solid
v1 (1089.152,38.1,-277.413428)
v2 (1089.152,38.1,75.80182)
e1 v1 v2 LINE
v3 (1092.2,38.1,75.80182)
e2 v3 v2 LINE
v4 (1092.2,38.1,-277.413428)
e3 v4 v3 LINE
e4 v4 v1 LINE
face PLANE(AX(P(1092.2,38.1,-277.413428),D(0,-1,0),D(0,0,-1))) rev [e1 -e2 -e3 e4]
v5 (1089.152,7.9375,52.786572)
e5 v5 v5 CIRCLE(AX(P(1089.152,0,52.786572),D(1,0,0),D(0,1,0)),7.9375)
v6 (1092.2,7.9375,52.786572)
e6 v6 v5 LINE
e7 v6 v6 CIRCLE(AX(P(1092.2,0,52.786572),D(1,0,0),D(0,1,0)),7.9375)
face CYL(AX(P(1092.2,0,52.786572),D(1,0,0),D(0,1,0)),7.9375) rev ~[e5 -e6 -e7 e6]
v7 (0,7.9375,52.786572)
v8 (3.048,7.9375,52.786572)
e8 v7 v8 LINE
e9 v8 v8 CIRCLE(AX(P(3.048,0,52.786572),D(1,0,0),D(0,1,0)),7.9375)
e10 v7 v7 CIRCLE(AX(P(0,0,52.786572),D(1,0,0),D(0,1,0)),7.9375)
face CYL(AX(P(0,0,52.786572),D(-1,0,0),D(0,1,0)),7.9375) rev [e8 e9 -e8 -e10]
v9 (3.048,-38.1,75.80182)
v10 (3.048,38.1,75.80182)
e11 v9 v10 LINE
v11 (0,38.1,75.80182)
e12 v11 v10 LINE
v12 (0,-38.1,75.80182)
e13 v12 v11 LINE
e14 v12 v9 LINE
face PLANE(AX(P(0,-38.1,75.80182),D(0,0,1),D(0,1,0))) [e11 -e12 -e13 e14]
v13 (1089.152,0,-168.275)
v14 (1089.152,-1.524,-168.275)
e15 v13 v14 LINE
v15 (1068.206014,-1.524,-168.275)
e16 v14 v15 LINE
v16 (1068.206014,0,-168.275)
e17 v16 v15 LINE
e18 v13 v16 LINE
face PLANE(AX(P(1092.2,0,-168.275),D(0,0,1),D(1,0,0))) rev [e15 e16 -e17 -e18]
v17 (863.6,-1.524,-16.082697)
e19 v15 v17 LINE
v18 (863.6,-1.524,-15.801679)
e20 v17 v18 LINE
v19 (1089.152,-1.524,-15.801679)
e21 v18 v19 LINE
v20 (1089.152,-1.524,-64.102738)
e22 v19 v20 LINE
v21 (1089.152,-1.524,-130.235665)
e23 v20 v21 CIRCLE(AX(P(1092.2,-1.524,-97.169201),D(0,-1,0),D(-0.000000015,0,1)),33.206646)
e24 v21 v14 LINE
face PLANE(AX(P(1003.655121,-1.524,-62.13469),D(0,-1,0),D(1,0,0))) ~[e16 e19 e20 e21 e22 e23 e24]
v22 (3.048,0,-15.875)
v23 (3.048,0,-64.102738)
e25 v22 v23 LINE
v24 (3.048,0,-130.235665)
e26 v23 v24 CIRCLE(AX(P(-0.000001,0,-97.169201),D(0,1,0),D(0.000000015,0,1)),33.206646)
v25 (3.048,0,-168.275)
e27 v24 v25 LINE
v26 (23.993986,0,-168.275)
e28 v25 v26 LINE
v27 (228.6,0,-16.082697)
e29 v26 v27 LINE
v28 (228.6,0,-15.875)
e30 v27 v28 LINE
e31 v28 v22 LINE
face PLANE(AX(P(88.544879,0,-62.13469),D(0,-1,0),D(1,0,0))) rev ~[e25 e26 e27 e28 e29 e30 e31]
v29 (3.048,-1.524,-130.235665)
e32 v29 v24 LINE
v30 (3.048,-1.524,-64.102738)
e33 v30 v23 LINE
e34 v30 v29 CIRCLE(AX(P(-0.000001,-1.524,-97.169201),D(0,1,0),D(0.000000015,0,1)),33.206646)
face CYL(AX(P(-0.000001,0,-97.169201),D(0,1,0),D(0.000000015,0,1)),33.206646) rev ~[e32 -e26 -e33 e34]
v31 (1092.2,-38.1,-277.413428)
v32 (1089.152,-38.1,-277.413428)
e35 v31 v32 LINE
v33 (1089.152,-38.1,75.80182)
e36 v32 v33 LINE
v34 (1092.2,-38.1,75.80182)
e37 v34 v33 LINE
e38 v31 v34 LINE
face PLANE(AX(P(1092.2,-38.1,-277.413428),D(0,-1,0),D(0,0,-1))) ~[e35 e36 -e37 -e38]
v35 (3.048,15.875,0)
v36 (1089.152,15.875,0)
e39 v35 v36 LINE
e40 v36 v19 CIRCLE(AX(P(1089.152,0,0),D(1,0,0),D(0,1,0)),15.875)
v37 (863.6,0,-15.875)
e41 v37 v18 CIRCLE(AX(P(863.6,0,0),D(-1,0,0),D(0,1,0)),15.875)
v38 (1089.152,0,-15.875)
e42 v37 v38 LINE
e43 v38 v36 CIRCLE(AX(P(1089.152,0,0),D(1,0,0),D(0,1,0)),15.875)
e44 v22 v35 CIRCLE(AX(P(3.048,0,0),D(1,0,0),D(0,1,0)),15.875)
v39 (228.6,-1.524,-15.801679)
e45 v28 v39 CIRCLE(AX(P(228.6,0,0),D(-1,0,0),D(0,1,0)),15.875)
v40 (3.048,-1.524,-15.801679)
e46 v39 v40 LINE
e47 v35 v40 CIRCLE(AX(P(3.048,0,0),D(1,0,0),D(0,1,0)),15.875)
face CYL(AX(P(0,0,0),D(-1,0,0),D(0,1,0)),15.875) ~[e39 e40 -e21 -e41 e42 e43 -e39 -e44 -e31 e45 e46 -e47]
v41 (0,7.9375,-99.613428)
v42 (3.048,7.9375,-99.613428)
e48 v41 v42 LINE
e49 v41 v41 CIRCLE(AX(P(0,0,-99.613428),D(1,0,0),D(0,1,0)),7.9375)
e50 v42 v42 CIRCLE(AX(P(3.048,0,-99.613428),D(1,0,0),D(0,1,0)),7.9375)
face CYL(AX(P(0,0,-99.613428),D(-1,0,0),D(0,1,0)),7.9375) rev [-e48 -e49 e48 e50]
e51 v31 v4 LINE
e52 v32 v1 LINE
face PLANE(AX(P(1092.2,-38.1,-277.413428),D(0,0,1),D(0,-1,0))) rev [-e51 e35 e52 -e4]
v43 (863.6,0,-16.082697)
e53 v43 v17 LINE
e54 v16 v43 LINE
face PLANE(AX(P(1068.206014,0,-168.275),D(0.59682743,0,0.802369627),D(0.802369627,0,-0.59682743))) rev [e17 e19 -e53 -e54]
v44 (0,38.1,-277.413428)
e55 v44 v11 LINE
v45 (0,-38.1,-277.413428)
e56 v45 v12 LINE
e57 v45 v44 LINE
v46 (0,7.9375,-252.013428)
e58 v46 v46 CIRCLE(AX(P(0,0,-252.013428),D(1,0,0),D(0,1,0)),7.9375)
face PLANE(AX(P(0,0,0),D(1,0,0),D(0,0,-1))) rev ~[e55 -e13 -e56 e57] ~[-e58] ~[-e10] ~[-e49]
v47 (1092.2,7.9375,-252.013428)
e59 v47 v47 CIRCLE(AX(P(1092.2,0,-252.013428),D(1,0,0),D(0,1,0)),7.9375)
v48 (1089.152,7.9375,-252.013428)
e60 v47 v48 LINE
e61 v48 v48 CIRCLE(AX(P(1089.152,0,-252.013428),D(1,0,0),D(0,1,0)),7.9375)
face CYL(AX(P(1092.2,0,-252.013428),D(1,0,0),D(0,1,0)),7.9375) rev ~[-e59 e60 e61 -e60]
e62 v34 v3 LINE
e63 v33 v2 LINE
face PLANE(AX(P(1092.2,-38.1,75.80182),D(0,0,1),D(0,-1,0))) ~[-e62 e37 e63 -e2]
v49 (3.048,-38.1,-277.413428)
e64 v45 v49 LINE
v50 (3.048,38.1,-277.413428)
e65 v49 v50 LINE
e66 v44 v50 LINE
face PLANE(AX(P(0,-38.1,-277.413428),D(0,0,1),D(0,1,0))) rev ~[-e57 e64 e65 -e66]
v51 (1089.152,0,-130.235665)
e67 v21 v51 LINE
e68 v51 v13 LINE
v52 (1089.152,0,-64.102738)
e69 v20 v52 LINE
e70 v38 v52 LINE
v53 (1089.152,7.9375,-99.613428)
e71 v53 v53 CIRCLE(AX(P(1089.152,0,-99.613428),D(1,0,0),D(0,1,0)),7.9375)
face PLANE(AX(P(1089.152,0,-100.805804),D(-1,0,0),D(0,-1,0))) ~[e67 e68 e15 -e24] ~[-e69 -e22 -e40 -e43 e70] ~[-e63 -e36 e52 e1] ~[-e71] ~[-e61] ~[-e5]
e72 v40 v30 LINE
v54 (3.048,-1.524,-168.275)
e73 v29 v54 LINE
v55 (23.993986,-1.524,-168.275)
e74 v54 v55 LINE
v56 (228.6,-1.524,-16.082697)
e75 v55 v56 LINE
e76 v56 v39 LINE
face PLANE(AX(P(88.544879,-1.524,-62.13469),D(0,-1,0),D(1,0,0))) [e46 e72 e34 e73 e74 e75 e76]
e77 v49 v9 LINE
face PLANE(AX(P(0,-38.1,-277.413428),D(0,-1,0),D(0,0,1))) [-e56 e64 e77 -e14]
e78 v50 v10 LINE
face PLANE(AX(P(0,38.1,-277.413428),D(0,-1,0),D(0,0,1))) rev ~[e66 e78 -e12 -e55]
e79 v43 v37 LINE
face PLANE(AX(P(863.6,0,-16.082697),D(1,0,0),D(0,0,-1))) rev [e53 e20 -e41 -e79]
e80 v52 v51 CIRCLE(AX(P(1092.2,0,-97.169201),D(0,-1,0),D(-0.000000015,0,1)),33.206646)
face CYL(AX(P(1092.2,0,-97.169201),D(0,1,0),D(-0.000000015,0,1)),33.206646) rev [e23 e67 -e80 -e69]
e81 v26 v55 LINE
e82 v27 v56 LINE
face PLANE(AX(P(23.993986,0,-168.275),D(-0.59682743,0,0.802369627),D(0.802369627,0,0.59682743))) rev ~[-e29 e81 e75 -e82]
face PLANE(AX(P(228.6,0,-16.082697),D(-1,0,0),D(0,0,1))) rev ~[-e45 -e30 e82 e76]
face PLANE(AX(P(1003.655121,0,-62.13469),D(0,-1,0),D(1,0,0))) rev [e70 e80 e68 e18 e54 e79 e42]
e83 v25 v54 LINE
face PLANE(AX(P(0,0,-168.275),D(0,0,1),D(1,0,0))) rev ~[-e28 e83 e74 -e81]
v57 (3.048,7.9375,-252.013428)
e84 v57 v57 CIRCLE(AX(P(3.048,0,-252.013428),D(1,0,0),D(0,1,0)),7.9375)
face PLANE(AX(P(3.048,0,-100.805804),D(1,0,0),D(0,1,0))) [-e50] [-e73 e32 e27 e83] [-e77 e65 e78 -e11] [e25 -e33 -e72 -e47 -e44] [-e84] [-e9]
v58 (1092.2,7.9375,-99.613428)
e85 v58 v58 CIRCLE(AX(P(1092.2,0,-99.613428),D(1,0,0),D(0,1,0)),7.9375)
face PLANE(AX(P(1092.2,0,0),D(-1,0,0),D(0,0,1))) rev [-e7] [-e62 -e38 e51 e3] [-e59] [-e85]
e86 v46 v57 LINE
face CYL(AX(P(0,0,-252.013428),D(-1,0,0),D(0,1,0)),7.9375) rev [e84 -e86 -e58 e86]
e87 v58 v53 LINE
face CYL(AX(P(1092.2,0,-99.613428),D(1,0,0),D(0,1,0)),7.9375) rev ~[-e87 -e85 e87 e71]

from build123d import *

# Parameters (mm, degrees)
F0_R     = 15.875
F1_DEPTH = 1092.2
F0_W     = 76.2
F0_H     = 353.215248
F0_R_2   = 7.9375
F4_DEPTH = 3.048
F5_DEPTH = 1.524
F6_DEPTH = 1.524


with BuildPart() as f1:
    # F0 (on Right) → F1 (new body)
    with BuildSketch(Plane.YZ):
        Circle(F0_R)
    extrude(amount=F1_DEPTH)

    # F0 (on Right) → F4 (join)
    with BuildSketch(Plane.YZ):
        with Locations((0, -100.805804)):
            Rectangle(F0_W, F0_H)
        with Locations((0, -252.013428)):
            Circle(F0_R_2, mode=Mode.SUBTRACT)
        with Locations((0, -99.613428)):
            Circle(F0_R_2, mode=Mode.SUBTRACT)
        Circle(F0_R, mode=Mode.SUBTRACT)
        with Locations((0, 52.786572)):
            Circle(F0_R_2, mode=Mode.SUBTRACT)
    extrude(amount=F4_DEPTH)

    # F2 (on Front) → F5 (join)
    with BuildSketch(Plane.XZ):
        with BuildLine():
            Line((228.6, 0), (0, 0))
            Line((0, 0), (0, -63.962556))
            ThreePointArc((0, -63.962556), (33.206645, -97.169202), (0, -130.375847))
            Line((0, -130.375847), (0, -168.275))
            Line((0, -168.275), (23.993986, -168.275))
            Line((23.993986, -168.275), (228.6, -16.082697))
            Line((228.6, -16.082697), (228.6, 0))
        make_face()
    extrude(amount=F5_DEPTH)

    # F2 (on Front) → F6 (join)
    with BuildSketch(Plane.XZ):
        with BuildLine():
            Line((228.6, 0), (0, 0))
            Line((0, 0), (0, -63.962556))
            ThreePointArc((0, -63.962556), (33.206645, -97.169202), (0, -130.375847))
            Line((0, -130.375847), (0, -168.275))
            Line((0, -168.275), (23.993986, -168.275))
            Line((23.993986, -168.275), (228.6, -16.082697))
            Line((228.6, -16.082697), (228.6, 0))
        make_face()
    extrude(amount=F6_DEPTH)

    # F7: F1 across plane


with BuildPart() as f1_1:
    add(f1.part)
    add(f1.part.mirror(Plane.YZ.offset(546.1)))


solid = f1_1.part
